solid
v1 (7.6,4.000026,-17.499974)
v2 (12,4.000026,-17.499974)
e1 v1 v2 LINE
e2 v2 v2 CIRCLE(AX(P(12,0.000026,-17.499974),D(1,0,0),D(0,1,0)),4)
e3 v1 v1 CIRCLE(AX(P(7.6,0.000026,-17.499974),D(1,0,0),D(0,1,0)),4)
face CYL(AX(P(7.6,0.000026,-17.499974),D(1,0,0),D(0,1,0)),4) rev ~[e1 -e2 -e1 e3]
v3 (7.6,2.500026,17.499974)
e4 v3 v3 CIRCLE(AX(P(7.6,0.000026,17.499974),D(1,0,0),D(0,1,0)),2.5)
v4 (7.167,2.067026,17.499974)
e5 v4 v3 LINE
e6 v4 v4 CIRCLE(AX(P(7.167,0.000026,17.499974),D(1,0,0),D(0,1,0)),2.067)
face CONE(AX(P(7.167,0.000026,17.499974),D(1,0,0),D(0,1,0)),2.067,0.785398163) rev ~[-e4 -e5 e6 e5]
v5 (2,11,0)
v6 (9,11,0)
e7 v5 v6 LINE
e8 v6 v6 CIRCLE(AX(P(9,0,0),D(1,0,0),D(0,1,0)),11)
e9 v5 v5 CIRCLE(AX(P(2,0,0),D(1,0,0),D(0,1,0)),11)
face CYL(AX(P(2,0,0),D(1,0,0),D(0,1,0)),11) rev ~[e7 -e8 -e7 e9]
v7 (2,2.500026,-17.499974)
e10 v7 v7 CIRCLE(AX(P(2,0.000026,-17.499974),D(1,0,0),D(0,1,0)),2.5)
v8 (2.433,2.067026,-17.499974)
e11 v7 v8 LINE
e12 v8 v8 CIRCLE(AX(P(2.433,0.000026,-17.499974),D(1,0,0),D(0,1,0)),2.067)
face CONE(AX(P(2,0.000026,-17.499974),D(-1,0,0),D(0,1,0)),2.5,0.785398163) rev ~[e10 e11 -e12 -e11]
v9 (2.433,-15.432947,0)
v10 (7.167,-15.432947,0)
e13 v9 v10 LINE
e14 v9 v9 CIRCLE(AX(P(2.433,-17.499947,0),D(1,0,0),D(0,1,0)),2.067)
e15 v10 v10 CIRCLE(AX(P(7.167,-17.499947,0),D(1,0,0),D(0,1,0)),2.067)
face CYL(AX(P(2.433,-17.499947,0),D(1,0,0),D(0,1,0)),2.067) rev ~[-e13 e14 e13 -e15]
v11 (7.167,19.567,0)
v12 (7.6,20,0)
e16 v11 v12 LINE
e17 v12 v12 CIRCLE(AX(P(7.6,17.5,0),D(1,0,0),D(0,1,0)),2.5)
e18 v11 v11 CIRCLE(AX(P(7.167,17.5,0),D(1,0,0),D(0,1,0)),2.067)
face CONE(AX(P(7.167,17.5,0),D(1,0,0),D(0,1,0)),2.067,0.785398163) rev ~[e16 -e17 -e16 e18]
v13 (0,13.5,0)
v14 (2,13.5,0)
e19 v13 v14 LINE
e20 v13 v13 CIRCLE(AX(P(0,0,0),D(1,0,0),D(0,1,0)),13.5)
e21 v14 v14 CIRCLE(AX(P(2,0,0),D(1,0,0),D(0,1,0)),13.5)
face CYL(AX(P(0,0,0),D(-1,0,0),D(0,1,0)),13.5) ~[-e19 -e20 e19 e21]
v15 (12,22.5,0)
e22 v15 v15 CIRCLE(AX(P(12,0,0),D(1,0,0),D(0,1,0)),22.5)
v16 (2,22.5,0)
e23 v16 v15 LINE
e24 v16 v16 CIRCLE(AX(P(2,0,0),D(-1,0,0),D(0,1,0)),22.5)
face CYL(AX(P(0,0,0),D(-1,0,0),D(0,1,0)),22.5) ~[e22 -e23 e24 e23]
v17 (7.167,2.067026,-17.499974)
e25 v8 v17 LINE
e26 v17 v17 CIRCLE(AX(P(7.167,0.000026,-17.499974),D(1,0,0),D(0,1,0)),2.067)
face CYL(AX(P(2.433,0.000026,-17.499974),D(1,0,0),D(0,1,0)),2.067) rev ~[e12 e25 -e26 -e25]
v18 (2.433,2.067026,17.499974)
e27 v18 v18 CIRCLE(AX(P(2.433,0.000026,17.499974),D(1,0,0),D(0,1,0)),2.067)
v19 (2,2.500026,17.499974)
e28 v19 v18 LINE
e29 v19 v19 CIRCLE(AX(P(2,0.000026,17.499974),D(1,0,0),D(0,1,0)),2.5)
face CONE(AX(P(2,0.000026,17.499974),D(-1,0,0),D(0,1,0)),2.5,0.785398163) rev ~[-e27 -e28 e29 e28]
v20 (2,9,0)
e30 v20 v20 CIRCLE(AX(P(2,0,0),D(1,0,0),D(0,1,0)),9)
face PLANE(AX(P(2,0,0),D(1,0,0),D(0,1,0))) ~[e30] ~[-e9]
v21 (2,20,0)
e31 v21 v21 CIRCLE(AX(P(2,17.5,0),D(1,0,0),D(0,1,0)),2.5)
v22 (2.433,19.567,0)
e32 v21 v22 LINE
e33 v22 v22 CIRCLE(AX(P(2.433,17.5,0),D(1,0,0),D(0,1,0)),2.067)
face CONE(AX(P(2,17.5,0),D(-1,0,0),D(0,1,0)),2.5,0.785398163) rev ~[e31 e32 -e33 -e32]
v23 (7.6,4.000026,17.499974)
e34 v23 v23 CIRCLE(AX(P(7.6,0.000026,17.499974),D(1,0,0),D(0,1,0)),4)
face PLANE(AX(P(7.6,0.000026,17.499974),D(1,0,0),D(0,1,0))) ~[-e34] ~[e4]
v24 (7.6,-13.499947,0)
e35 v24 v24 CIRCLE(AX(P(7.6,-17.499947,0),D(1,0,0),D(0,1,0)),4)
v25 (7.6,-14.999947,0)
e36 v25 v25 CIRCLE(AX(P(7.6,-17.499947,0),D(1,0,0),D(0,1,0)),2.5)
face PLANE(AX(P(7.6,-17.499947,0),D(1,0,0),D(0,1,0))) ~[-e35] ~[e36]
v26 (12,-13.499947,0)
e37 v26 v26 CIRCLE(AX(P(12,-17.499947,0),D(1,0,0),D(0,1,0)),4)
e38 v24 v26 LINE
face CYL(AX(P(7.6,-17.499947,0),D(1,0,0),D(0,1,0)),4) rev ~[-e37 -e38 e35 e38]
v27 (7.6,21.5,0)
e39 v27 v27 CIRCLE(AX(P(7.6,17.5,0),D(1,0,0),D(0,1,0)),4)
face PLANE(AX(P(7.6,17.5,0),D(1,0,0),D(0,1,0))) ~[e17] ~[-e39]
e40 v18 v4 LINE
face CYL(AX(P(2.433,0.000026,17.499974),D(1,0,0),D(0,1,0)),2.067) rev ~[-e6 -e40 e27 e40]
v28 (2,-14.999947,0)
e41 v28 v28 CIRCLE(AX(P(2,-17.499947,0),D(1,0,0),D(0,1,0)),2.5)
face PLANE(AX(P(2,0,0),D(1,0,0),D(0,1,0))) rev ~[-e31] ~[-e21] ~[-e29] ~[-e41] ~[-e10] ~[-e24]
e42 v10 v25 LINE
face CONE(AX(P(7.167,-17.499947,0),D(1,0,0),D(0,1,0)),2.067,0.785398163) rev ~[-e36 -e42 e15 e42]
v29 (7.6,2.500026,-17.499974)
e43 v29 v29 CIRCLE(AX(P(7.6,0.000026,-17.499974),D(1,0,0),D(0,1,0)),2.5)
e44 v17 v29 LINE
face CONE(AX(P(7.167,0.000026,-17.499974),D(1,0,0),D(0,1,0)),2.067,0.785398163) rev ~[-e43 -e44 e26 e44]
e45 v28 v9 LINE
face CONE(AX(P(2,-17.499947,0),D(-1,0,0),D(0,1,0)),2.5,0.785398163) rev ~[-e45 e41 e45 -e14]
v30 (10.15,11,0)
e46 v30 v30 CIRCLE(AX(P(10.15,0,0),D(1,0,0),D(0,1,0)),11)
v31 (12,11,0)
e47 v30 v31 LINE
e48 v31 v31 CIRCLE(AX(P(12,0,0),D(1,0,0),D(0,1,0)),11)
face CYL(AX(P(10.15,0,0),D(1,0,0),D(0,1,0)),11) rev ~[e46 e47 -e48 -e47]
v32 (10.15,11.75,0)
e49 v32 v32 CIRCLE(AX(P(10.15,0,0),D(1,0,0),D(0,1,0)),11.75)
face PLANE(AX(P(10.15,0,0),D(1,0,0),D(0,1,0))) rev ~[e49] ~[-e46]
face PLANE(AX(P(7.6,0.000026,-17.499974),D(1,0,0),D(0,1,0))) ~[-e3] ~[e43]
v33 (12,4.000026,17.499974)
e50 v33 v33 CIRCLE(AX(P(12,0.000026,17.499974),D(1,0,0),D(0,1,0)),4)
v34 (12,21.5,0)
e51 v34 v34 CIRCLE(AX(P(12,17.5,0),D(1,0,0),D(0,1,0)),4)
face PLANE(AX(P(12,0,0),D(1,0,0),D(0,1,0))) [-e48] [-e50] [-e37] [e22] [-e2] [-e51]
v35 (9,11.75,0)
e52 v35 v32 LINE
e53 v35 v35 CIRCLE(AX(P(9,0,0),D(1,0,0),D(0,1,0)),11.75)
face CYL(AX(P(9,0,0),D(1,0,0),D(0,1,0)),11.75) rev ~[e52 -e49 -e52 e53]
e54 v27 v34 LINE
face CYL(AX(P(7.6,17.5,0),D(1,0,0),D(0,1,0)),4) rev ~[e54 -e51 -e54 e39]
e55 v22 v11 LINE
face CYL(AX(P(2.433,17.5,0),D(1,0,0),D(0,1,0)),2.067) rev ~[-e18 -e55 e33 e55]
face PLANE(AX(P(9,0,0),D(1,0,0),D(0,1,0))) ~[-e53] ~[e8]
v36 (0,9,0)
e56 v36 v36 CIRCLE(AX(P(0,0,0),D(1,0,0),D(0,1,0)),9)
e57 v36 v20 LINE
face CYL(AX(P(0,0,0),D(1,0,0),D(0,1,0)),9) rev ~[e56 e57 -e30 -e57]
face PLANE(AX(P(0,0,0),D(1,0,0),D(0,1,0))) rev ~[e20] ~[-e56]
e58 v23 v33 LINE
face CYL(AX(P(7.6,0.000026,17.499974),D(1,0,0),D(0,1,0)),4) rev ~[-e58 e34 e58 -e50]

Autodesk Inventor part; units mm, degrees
sketch "Sketch_1" plane through (0, 0, 0) normal (1, 0, 0) x (0, 1, 0)
  circle A0 centre (0, 0) radius 22.5
extrude "Extrusion1" add sketch "Sketch_1" along normal blind 12
sketch "Sketch_2" plane through (0, 0, 0) normal (0, 0, 1) x (1, 0, 0)
  line L0 (12, 0) -> (0, 0)
  line L1 (0, 0) -> (0, 9)
  line L2 (0, 9) -> (2, 9)
  line L3 (2, 9) -> (2, 11)
  line L4 (2, 11) -> (9, 11)
  line L5 (9, 11) -> (9, 11.75)
  line L6 (9, 11.75) -> (10.15, 11.75)
  line L7 (10.15, 11.75) -> (10.15, 11)
  line L8 (10.15, 11) -> (12, 11)
  line L9 (12, 11) -> (12, 0)
  line L10 (12, 0) -> (0, 0)
revolve "Revolution1" cut sketch "Sketch_2" angle 360 about axis through (12, 0, 0) along (1, 0, 0)
sketch "Sketch_9" plane through (0, 0, 0) normal (0, 0, 1) x (1, 0, 0)
  line L0 (12, 17.5) -> (2, 17.5)
  line L1 (2, 17.5) -> (2, 20)
  line L2 (2, 20) -> (2.433, 19.567)
  line L3 (2.433, 19.567) -> (7.167, 19.567)
  line L4 (7.167, 19.567) -> (7.6, 20)
  line L5 (7.6, 20) -> (7.6, 21.5)
  line L6 (7.6, 21.5) -> (12, 21.5)
  line L7 (12, 21.5) -> (12, 17.5)
  line L8 (12, 17.5) -> (2, 17.5)
revolve "Revolution2" cut sketch "Sketch_9" angle 360 about axis through (12, 17.5, 0) along (1, 0, 0)
thread "Thread1" size "M5x0.8" class "6H" standard "ISO Metric profile" full length
sketch "Sketch_4" plane through (0, 0, 0) normal (1, 0, 0) x (0, 1, 0)
  circle A0 centre (0, 0) radius 46
  circle A1 centre (0, 0) radius 13.5
extrude "Extrusion2" cut sketch "Sketch_4" along normal blind 2
pattern_linear "Rectangular Pattern1" count 2 spacing 24.7487 along (0, -0.7071, 0.7071) count 2 spacing 24.7487 along (0, -0.7071, -0.7071) of "Revolution2"
ref_plane "bgrrb_to_rring_XY" through (9, 0, 0) normal (1, 0, 0) x (0, 0, -1)
ref_plane "bgrrb_to_rring_YZ" through (9, 0, 0) normal (0, 0, -1) x (0, 1, 0)
ref_plane "bgrrb_to_rring_ZX" through (9, 0, 0) normal (0, 1, 0) x (1, 0, 0)
ref_plane "housing_to_dummy_XY" through (0, 0, 0) normal (0, 0, 1) x (1, 0, 0)
ref_plane "housing_to_dummy_YZ" through (0, 0, 0) normal (1, 0, 0) x (0, 1, 0)
ref_plane "housing_to_dummy_ZX" through (0, 0, 0) normal (0, 1, 0) x (0, 0, 1)
ref_plane "to_bearings_1_XY" through (2, 0, 0) normal (1, 0, 0) x (0, 0, -1)
ref_plane "to_bearings_1_YZ" through (2, 0, 0) normal (0, 0, -1) x (0, 1, 0)
ref_plane "to_bearings_1_ZX" through (2, 0, 0) normal (0, 1, 0) x (1, 0, 0)
properties part number "BARR608ZZ_b"
